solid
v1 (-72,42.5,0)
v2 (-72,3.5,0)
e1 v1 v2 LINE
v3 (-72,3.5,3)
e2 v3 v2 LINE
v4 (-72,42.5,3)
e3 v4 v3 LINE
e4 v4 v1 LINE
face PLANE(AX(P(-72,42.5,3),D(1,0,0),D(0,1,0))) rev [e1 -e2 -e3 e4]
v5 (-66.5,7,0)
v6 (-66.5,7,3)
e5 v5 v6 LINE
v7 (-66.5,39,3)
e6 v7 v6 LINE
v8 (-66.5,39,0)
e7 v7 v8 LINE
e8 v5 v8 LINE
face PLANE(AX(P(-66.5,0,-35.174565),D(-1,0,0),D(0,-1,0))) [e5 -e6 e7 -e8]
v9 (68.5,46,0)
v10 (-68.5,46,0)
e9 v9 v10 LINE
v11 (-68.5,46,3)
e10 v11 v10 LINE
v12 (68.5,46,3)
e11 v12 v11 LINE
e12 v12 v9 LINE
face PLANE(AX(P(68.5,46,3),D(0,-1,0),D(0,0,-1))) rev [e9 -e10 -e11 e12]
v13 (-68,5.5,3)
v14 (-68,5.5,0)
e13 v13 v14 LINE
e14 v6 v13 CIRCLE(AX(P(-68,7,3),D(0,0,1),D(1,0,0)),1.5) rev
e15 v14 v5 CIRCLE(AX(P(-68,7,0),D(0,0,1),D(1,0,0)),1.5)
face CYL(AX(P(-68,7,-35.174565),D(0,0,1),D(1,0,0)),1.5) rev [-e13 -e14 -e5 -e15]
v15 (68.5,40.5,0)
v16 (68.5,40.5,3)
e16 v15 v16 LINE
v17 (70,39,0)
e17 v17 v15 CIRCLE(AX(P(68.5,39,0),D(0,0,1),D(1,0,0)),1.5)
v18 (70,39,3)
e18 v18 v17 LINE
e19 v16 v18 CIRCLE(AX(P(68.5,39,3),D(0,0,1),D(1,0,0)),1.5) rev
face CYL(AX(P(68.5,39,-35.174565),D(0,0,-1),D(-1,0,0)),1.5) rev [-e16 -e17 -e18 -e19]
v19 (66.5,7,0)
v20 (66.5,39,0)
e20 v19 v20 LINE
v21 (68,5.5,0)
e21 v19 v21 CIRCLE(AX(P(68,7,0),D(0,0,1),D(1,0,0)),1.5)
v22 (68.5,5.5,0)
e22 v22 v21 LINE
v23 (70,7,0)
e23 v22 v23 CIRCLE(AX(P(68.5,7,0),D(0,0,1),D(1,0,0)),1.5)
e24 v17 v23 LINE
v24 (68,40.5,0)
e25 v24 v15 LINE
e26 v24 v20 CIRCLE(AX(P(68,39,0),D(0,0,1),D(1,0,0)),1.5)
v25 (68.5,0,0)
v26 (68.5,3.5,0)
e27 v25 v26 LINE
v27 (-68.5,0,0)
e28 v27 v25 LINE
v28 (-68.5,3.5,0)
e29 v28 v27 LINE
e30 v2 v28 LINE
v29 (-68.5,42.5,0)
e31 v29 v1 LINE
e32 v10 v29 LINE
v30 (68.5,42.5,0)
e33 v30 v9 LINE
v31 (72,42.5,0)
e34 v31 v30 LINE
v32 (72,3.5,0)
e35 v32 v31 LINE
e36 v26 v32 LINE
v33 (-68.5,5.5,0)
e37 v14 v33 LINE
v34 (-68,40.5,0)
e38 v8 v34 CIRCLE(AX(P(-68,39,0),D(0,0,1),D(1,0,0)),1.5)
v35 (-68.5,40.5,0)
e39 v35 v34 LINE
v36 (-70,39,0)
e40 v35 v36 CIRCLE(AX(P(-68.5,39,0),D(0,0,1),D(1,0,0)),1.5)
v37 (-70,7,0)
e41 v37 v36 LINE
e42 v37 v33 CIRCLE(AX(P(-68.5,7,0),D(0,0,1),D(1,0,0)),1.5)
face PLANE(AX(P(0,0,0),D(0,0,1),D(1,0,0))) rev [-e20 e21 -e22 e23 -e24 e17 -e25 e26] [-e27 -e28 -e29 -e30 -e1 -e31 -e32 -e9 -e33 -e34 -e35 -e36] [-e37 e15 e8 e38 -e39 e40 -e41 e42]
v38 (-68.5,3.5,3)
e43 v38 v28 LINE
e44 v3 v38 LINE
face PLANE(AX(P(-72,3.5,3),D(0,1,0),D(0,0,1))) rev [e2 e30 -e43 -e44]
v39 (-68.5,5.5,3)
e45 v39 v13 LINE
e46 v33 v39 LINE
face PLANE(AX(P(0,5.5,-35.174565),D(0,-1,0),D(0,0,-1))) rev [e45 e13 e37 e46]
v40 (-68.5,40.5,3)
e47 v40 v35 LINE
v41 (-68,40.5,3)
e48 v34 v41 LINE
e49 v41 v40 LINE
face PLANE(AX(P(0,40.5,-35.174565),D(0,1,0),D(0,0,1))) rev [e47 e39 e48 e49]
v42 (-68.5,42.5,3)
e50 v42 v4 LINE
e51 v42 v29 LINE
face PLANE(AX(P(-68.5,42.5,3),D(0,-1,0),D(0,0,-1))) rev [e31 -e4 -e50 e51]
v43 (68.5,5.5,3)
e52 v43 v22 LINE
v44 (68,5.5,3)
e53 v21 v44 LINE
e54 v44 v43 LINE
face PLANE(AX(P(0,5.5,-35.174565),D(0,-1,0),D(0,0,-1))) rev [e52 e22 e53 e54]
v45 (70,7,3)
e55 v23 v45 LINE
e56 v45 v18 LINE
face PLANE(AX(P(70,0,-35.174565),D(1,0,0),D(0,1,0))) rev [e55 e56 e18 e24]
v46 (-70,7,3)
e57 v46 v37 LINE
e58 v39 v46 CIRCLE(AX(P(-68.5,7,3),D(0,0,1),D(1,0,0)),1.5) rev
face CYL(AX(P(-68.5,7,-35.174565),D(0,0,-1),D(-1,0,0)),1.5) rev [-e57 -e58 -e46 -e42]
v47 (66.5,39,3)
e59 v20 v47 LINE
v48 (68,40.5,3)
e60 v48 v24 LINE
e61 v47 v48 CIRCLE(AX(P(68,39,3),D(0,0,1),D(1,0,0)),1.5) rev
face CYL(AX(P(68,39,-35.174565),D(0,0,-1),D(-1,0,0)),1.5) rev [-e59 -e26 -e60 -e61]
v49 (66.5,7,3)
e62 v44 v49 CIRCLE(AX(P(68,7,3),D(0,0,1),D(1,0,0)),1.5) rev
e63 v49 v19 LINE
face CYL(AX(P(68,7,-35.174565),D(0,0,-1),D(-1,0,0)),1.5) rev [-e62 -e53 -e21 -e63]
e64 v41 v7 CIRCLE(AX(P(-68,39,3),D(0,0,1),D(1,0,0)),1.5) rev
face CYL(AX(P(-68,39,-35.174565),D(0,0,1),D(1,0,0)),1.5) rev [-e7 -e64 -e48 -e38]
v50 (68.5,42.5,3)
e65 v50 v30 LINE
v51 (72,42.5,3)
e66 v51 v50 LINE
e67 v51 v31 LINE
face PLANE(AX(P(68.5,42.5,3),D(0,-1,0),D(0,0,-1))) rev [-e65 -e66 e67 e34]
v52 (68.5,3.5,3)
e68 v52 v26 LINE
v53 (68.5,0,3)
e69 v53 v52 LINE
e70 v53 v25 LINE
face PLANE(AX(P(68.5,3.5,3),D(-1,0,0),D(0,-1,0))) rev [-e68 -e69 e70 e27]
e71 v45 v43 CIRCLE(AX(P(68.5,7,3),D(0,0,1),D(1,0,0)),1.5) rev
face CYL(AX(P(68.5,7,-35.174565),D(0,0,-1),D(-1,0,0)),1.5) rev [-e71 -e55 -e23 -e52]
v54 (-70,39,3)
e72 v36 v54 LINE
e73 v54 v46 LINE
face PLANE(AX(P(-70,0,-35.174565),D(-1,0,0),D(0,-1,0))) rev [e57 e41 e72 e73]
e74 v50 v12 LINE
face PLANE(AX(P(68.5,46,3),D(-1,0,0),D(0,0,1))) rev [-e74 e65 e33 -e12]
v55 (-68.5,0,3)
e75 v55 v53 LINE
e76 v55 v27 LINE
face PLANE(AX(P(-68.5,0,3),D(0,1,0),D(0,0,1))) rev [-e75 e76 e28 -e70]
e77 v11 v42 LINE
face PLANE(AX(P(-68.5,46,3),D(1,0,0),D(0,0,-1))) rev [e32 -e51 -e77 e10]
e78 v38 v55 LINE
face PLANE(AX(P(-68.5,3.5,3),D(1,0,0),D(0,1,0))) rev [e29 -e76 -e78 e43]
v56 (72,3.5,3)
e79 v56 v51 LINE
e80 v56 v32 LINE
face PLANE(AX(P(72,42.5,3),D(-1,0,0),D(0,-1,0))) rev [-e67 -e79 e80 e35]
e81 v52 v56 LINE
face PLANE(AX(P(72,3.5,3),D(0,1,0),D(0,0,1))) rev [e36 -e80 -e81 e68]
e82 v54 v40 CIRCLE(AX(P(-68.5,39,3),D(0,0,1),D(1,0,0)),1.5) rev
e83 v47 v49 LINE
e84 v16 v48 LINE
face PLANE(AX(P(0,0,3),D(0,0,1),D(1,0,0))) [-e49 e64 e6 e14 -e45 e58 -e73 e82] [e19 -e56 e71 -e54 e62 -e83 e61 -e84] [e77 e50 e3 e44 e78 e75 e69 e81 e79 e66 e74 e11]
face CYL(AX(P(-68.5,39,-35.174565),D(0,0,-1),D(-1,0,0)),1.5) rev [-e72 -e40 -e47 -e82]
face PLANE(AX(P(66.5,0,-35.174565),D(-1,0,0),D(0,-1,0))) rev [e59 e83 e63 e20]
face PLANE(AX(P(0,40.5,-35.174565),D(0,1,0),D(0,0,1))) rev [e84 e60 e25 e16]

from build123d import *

# Parameters (mm, degrees)
BOSS_EXTRUDE1_DEPTH = 3
SKETCH2_W           = 3.5
SKETCH2_H           = 35
CUT_EXTRUDE7_DEPTH  = 3
FILLET5_R           = 1.5


with BuildPart() as part:
    # Sketch1 → Boss-Extrude1 (new body)
    with BuildSketch(Plane.XY):
        Polygon((68.5, 46), (-68.5, 46), (-68.5, 42.5), (-72, 42.5), (-72, 3.5), (-68.5, 3.5), (-68.5, 0), (68.5, 0), (68.5, 3.5), (72, 3.5), (72, 42.5), (68.5, 42.5), align=None)
    extrude(amount=BOSS_EXTRUDE1_DEPTH)

    # Sketch2 → Cut-Extrude7 (cut)
    with BuildSketch(Plane.XY.offset(3)):
        with Locations((-68.25, 23)):
            Rectangle(SKETCH2_W, SKETCH2_H)
        with Locations((68.25, 23)):
            Rectangle(SKETCH2_W, SKETCH2_H)
    extrude(amount=-CUT_EXTRUDE7_DEPTH, mode=Mode.SUBTRACT)

    # Fillet5
    fillet5_edges = [part.edges().sort_by_distance(p)[0] for p in [
        (-70, 5.5, 1.5),
        (-70, 40.5, 1.5),
        (-66.5, 40.5, 1.5),
        (-66.5, 5.5, 1.5),
        (70, 40.5, 1.5),
        (70, 5.5, 1.5),
        (66.5, 5.5, 1.5),
        (66.5, 40.5, 1.5),
    ]]
    fillet(fillet5_edges, radius=FILLET5_R)


solid = part.part
